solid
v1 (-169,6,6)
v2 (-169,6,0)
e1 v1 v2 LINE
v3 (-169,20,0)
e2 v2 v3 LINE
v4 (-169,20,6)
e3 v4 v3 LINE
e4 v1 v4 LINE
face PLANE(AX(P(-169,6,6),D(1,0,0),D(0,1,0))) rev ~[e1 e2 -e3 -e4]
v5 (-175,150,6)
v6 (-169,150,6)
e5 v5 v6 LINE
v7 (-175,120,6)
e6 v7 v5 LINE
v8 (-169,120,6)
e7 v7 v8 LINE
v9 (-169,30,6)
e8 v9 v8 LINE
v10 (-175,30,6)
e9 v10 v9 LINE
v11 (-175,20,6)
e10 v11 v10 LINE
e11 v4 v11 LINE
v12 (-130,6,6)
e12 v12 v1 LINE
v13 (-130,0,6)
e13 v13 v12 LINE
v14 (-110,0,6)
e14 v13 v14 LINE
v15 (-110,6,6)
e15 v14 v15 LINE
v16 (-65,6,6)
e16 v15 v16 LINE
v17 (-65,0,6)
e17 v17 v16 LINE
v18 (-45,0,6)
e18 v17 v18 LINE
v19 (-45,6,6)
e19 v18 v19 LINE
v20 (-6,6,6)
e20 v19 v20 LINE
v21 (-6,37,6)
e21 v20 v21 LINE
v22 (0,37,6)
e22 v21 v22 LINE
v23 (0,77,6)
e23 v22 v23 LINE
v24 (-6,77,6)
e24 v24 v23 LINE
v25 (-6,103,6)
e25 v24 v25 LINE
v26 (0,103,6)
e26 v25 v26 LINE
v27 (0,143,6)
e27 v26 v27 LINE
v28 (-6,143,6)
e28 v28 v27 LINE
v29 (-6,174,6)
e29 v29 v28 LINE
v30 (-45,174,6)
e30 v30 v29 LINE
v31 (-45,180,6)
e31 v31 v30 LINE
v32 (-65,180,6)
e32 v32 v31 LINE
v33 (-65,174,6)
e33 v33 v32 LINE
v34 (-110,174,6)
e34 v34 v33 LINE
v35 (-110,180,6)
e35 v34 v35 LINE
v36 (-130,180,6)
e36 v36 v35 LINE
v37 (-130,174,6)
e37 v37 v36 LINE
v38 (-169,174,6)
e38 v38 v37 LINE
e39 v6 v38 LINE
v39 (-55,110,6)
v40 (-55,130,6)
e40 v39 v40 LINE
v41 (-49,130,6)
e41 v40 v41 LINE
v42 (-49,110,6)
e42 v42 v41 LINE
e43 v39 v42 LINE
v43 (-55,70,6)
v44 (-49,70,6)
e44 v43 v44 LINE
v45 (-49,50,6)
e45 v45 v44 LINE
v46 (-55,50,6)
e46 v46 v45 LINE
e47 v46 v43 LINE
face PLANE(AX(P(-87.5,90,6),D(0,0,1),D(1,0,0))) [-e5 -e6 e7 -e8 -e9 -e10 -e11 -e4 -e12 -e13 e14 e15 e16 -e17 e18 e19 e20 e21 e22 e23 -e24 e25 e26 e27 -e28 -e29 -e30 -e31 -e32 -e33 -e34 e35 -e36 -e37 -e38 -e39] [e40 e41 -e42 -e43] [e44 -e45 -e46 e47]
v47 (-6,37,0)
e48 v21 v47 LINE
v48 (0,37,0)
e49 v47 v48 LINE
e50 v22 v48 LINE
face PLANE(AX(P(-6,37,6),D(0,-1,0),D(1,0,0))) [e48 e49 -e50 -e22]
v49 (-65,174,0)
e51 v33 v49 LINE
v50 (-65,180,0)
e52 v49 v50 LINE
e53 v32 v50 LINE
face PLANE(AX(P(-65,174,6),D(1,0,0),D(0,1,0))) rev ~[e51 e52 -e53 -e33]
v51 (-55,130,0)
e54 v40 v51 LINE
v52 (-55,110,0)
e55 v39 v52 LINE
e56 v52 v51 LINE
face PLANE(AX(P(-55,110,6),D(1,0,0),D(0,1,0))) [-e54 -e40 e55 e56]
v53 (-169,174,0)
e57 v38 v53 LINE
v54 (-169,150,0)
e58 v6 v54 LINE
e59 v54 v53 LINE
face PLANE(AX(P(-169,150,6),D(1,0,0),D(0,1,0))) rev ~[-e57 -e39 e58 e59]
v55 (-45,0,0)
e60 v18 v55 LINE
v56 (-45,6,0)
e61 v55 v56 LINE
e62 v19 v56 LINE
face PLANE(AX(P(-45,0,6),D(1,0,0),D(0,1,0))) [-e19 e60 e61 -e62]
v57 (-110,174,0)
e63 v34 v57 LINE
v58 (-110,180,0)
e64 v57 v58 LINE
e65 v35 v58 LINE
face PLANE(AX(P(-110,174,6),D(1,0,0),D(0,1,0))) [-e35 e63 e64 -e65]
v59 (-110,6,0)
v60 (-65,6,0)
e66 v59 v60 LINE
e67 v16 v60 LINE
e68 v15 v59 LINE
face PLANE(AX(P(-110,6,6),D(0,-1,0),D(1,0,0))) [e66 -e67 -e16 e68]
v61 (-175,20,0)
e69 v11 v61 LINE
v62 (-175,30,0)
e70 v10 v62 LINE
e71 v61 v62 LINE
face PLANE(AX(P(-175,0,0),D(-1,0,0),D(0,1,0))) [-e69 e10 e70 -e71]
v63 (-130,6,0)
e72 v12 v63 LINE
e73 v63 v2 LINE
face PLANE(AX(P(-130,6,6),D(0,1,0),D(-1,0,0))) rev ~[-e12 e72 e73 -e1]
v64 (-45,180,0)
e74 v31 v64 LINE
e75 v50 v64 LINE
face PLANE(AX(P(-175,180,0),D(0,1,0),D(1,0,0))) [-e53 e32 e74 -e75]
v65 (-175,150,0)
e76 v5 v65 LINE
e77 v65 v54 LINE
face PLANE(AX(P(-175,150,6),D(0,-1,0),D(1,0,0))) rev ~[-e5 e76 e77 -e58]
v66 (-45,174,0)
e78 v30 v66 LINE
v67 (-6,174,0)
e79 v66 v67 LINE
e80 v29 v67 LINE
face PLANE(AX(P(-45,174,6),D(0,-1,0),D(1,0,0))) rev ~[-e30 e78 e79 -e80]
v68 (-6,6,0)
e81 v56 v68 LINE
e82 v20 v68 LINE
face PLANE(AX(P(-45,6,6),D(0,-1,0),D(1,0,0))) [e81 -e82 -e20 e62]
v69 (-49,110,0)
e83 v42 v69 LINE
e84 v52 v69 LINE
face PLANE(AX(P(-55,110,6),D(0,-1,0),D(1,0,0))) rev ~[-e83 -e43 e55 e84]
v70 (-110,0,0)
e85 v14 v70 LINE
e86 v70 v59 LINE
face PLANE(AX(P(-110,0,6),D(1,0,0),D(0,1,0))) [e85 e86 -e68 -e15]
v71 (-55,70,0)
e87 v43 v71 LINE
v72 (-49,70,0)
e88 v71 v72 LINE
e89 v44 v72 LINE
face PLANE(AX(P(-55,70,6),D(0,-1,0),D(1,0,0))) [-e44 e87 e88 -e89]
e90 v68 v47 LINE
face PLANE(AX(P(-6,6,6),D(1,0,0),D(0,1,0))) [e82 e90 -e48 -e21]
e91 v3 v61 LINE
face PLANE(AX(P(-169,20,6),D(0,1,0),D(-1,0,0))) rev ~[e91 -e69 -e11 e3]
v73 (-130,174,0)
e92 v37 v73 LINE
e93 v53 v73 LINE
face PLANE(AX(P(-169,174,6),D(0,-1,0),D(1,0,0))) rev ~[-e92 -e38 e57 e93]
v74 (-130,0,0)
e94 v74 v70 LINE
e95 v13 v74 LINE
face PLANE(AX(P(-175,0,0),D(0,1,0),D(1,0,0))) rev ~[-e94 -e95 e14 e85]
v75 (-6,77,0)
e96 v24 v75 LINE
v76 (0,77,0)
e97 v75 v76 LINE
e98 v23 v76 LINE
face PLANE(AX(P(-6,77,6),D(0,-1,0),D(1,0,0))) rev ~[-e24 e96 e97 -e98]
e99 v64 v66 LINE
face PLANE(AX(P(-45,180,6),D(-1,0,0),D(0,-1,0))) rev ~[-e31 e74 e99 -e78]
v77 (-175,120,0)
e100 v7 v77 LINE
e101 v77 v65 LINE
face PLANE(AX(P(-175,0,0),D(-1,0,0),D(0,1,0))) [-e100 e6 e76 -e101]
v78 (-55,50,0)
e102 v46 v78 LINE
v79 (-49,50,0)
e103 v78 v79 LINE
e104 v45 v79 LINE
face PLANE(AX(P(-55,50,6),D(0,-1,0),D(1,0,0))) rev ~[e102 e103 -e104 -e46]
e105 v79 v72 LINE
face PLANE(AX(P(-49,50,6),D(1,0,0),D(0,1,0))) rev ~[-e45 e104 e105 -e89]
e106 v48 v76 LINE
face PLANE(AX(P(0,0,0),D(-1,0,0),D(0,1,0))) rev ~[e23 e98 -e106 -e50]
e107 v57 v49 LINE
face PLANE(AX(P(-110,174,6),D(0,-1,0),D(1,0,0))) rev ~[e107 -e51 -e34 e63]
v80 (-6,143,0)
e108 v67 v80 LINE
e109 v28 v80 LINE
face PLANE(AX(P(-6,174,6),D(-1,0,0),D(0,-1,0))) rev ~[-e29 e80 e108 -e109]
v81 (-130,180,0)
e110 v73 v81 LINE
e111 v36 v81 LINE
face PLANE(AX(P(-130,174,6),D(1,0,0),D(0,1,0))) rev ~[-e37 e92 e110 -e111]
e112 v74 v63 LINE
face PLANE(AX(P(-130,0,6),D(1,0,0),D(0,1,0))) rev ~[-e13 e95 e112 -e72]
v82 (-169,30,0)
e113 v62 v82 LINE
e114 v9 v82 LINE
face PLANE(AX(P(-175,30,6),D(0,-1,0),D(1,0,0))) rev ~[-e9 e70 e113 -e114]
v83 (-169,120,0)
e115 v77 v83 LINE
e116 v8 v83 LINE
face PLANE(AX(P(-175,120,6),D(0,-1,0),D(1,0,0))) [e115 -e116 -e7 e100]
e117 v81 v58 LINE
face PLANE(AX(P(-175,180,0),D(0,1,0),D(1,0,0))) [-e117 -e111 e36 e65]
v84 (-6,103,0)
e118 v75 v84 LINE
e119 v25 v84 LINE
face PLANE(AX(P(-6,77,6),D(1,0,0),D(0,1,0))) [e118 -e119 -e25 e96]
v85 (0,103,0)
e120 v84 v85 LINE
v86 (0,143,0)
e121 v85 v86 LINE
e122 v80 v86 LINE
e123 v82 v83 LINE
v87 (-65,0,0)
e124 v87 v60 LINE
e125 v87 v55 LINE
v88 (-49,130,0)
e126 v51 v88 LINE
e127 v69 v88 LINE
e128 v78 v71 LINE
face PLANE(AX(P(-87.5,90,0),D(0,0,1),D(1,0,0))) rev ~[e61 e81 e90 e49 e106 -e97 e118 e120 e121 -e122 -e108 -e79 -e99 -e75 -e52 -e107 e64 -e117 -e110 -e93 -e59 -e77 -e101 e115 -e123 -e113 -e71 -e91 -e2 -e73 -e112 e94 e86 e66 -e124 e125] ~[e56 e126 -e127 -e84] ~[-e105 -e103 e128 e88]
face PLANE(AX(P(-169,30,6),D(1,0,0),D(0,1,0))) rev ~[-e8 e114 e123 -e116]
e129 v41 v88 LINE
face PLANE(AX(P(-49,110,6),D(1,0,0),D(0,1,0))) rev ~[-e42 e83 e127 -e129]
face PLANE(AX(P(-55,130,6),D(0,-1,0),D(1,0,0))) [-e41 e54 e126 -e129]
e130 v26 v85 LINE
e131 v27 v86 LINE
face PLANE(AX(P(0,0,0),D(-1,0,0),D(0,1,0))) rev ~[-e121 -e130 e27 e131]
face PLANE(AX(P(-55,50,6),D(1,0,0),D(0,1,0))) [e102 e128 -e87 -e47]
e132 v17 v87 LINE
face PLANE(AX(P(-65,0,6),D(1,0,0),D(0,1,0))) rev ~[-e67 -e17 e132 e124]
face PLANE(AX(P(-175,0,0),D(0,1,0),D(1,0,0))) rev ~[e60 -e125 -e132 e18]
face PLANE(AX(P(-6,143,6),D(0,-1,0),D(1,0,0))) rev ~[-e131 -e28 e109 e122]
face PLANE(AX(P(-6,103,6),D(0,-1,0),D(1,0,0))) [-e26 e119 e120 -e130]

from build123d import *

# Parameters (mm, degrees)
ESQUISSE1_W                  = 175
ESQUISSE1_H                  = 180
BOSS_EXTRU_1_DEPTH           = 6
ESQUISSE2_W                  = 6
ESQUISSE2_H                  = 26
ESQUISSE2_W_2                = 45
ESQUISSE2_H_2                = 6
ESQUISSE2_H_3                = 90
ENL_V_MAT_ENCOCHE_DEPTH      = 252.119493469
ESQUISSE3_W                  = 6
ESQUISSE3_H                  = 20
ENL_V_MAT_ENCOCHE_TAGE_DEPTH = 6


with BuildPart() as part:
    # Esquisse1 → Boss.-Extru.1 (new body)
    with BuildSketch(Plane.XY):
        with Locations((-87.5, 90)):
            Rectangle(ESQUISSE1_W, ESQUISSE1_H)
    extrude(amount=BOSS_EXTRU_1_DEPTH)

    # Esquisse2 → Enl_v. mat encoche (cut, through all)
    with BuildSketch(Plane.XY.offset(6)):
        Polygon((0, 180), (-6, 180), (-45, 180), (-45, 174), (-6, 174), (-6, 143), (0, 143), align=None)
        with Locations((-3, 90)):
            Rectangle(ESQUISSE2_W, ESQUISSE2_H)
        Polygon((0, 0), (-6, 0), (-45, 0), (-45, 6), (-6, 6), (-6, 37), (0, 37), align=None)
        Polygon((-175, 0), (-130, 0), (-130, 6), (-169, 6), (-169, 20), (-175, 20), (-175, 6), align=None)
        with Locations((-87.5, 3)):
            Rectangle(ESQUISSE2_W_2, ESQUISSE2_H_2)
        Polygon((-175, 174), (-175, 150), (-169, 150), (-169, 174), (-130, 174), (-130, 180), (-175, 180), align=None)
        with Locations((-172, 75)):
            Rectangle(ESQUISSE2_W, ESQUISSE2_H_3)
        with Locations((-87.5, 177)):
            Rectangle(ESQUISSE2_W_2, ESQUISSE2_H_2)
    extrude(amount=-ENL_V_MAT_ENCOCHE_DEPTH, mode=Mode.SUBTRACT)

    # Esquisse3 → Enlèv. mat encoche étage (cut)
    with BuildSketch(Plane.XY.offset(6)):
        with Locations((-52, 120)):
            Rectangle(ESQUISSE3_W, ESQUISSE3_H)
        with Locations((-52, 60)):
            Rectangle(ESQUISSE3_W, ESQUISSE3_H)
    extrude(amount=-ENL_V_MAT_ENCOCHE_TAGE_DEPTH, mode=Mode.SUBTRACT)


solid = part.part
